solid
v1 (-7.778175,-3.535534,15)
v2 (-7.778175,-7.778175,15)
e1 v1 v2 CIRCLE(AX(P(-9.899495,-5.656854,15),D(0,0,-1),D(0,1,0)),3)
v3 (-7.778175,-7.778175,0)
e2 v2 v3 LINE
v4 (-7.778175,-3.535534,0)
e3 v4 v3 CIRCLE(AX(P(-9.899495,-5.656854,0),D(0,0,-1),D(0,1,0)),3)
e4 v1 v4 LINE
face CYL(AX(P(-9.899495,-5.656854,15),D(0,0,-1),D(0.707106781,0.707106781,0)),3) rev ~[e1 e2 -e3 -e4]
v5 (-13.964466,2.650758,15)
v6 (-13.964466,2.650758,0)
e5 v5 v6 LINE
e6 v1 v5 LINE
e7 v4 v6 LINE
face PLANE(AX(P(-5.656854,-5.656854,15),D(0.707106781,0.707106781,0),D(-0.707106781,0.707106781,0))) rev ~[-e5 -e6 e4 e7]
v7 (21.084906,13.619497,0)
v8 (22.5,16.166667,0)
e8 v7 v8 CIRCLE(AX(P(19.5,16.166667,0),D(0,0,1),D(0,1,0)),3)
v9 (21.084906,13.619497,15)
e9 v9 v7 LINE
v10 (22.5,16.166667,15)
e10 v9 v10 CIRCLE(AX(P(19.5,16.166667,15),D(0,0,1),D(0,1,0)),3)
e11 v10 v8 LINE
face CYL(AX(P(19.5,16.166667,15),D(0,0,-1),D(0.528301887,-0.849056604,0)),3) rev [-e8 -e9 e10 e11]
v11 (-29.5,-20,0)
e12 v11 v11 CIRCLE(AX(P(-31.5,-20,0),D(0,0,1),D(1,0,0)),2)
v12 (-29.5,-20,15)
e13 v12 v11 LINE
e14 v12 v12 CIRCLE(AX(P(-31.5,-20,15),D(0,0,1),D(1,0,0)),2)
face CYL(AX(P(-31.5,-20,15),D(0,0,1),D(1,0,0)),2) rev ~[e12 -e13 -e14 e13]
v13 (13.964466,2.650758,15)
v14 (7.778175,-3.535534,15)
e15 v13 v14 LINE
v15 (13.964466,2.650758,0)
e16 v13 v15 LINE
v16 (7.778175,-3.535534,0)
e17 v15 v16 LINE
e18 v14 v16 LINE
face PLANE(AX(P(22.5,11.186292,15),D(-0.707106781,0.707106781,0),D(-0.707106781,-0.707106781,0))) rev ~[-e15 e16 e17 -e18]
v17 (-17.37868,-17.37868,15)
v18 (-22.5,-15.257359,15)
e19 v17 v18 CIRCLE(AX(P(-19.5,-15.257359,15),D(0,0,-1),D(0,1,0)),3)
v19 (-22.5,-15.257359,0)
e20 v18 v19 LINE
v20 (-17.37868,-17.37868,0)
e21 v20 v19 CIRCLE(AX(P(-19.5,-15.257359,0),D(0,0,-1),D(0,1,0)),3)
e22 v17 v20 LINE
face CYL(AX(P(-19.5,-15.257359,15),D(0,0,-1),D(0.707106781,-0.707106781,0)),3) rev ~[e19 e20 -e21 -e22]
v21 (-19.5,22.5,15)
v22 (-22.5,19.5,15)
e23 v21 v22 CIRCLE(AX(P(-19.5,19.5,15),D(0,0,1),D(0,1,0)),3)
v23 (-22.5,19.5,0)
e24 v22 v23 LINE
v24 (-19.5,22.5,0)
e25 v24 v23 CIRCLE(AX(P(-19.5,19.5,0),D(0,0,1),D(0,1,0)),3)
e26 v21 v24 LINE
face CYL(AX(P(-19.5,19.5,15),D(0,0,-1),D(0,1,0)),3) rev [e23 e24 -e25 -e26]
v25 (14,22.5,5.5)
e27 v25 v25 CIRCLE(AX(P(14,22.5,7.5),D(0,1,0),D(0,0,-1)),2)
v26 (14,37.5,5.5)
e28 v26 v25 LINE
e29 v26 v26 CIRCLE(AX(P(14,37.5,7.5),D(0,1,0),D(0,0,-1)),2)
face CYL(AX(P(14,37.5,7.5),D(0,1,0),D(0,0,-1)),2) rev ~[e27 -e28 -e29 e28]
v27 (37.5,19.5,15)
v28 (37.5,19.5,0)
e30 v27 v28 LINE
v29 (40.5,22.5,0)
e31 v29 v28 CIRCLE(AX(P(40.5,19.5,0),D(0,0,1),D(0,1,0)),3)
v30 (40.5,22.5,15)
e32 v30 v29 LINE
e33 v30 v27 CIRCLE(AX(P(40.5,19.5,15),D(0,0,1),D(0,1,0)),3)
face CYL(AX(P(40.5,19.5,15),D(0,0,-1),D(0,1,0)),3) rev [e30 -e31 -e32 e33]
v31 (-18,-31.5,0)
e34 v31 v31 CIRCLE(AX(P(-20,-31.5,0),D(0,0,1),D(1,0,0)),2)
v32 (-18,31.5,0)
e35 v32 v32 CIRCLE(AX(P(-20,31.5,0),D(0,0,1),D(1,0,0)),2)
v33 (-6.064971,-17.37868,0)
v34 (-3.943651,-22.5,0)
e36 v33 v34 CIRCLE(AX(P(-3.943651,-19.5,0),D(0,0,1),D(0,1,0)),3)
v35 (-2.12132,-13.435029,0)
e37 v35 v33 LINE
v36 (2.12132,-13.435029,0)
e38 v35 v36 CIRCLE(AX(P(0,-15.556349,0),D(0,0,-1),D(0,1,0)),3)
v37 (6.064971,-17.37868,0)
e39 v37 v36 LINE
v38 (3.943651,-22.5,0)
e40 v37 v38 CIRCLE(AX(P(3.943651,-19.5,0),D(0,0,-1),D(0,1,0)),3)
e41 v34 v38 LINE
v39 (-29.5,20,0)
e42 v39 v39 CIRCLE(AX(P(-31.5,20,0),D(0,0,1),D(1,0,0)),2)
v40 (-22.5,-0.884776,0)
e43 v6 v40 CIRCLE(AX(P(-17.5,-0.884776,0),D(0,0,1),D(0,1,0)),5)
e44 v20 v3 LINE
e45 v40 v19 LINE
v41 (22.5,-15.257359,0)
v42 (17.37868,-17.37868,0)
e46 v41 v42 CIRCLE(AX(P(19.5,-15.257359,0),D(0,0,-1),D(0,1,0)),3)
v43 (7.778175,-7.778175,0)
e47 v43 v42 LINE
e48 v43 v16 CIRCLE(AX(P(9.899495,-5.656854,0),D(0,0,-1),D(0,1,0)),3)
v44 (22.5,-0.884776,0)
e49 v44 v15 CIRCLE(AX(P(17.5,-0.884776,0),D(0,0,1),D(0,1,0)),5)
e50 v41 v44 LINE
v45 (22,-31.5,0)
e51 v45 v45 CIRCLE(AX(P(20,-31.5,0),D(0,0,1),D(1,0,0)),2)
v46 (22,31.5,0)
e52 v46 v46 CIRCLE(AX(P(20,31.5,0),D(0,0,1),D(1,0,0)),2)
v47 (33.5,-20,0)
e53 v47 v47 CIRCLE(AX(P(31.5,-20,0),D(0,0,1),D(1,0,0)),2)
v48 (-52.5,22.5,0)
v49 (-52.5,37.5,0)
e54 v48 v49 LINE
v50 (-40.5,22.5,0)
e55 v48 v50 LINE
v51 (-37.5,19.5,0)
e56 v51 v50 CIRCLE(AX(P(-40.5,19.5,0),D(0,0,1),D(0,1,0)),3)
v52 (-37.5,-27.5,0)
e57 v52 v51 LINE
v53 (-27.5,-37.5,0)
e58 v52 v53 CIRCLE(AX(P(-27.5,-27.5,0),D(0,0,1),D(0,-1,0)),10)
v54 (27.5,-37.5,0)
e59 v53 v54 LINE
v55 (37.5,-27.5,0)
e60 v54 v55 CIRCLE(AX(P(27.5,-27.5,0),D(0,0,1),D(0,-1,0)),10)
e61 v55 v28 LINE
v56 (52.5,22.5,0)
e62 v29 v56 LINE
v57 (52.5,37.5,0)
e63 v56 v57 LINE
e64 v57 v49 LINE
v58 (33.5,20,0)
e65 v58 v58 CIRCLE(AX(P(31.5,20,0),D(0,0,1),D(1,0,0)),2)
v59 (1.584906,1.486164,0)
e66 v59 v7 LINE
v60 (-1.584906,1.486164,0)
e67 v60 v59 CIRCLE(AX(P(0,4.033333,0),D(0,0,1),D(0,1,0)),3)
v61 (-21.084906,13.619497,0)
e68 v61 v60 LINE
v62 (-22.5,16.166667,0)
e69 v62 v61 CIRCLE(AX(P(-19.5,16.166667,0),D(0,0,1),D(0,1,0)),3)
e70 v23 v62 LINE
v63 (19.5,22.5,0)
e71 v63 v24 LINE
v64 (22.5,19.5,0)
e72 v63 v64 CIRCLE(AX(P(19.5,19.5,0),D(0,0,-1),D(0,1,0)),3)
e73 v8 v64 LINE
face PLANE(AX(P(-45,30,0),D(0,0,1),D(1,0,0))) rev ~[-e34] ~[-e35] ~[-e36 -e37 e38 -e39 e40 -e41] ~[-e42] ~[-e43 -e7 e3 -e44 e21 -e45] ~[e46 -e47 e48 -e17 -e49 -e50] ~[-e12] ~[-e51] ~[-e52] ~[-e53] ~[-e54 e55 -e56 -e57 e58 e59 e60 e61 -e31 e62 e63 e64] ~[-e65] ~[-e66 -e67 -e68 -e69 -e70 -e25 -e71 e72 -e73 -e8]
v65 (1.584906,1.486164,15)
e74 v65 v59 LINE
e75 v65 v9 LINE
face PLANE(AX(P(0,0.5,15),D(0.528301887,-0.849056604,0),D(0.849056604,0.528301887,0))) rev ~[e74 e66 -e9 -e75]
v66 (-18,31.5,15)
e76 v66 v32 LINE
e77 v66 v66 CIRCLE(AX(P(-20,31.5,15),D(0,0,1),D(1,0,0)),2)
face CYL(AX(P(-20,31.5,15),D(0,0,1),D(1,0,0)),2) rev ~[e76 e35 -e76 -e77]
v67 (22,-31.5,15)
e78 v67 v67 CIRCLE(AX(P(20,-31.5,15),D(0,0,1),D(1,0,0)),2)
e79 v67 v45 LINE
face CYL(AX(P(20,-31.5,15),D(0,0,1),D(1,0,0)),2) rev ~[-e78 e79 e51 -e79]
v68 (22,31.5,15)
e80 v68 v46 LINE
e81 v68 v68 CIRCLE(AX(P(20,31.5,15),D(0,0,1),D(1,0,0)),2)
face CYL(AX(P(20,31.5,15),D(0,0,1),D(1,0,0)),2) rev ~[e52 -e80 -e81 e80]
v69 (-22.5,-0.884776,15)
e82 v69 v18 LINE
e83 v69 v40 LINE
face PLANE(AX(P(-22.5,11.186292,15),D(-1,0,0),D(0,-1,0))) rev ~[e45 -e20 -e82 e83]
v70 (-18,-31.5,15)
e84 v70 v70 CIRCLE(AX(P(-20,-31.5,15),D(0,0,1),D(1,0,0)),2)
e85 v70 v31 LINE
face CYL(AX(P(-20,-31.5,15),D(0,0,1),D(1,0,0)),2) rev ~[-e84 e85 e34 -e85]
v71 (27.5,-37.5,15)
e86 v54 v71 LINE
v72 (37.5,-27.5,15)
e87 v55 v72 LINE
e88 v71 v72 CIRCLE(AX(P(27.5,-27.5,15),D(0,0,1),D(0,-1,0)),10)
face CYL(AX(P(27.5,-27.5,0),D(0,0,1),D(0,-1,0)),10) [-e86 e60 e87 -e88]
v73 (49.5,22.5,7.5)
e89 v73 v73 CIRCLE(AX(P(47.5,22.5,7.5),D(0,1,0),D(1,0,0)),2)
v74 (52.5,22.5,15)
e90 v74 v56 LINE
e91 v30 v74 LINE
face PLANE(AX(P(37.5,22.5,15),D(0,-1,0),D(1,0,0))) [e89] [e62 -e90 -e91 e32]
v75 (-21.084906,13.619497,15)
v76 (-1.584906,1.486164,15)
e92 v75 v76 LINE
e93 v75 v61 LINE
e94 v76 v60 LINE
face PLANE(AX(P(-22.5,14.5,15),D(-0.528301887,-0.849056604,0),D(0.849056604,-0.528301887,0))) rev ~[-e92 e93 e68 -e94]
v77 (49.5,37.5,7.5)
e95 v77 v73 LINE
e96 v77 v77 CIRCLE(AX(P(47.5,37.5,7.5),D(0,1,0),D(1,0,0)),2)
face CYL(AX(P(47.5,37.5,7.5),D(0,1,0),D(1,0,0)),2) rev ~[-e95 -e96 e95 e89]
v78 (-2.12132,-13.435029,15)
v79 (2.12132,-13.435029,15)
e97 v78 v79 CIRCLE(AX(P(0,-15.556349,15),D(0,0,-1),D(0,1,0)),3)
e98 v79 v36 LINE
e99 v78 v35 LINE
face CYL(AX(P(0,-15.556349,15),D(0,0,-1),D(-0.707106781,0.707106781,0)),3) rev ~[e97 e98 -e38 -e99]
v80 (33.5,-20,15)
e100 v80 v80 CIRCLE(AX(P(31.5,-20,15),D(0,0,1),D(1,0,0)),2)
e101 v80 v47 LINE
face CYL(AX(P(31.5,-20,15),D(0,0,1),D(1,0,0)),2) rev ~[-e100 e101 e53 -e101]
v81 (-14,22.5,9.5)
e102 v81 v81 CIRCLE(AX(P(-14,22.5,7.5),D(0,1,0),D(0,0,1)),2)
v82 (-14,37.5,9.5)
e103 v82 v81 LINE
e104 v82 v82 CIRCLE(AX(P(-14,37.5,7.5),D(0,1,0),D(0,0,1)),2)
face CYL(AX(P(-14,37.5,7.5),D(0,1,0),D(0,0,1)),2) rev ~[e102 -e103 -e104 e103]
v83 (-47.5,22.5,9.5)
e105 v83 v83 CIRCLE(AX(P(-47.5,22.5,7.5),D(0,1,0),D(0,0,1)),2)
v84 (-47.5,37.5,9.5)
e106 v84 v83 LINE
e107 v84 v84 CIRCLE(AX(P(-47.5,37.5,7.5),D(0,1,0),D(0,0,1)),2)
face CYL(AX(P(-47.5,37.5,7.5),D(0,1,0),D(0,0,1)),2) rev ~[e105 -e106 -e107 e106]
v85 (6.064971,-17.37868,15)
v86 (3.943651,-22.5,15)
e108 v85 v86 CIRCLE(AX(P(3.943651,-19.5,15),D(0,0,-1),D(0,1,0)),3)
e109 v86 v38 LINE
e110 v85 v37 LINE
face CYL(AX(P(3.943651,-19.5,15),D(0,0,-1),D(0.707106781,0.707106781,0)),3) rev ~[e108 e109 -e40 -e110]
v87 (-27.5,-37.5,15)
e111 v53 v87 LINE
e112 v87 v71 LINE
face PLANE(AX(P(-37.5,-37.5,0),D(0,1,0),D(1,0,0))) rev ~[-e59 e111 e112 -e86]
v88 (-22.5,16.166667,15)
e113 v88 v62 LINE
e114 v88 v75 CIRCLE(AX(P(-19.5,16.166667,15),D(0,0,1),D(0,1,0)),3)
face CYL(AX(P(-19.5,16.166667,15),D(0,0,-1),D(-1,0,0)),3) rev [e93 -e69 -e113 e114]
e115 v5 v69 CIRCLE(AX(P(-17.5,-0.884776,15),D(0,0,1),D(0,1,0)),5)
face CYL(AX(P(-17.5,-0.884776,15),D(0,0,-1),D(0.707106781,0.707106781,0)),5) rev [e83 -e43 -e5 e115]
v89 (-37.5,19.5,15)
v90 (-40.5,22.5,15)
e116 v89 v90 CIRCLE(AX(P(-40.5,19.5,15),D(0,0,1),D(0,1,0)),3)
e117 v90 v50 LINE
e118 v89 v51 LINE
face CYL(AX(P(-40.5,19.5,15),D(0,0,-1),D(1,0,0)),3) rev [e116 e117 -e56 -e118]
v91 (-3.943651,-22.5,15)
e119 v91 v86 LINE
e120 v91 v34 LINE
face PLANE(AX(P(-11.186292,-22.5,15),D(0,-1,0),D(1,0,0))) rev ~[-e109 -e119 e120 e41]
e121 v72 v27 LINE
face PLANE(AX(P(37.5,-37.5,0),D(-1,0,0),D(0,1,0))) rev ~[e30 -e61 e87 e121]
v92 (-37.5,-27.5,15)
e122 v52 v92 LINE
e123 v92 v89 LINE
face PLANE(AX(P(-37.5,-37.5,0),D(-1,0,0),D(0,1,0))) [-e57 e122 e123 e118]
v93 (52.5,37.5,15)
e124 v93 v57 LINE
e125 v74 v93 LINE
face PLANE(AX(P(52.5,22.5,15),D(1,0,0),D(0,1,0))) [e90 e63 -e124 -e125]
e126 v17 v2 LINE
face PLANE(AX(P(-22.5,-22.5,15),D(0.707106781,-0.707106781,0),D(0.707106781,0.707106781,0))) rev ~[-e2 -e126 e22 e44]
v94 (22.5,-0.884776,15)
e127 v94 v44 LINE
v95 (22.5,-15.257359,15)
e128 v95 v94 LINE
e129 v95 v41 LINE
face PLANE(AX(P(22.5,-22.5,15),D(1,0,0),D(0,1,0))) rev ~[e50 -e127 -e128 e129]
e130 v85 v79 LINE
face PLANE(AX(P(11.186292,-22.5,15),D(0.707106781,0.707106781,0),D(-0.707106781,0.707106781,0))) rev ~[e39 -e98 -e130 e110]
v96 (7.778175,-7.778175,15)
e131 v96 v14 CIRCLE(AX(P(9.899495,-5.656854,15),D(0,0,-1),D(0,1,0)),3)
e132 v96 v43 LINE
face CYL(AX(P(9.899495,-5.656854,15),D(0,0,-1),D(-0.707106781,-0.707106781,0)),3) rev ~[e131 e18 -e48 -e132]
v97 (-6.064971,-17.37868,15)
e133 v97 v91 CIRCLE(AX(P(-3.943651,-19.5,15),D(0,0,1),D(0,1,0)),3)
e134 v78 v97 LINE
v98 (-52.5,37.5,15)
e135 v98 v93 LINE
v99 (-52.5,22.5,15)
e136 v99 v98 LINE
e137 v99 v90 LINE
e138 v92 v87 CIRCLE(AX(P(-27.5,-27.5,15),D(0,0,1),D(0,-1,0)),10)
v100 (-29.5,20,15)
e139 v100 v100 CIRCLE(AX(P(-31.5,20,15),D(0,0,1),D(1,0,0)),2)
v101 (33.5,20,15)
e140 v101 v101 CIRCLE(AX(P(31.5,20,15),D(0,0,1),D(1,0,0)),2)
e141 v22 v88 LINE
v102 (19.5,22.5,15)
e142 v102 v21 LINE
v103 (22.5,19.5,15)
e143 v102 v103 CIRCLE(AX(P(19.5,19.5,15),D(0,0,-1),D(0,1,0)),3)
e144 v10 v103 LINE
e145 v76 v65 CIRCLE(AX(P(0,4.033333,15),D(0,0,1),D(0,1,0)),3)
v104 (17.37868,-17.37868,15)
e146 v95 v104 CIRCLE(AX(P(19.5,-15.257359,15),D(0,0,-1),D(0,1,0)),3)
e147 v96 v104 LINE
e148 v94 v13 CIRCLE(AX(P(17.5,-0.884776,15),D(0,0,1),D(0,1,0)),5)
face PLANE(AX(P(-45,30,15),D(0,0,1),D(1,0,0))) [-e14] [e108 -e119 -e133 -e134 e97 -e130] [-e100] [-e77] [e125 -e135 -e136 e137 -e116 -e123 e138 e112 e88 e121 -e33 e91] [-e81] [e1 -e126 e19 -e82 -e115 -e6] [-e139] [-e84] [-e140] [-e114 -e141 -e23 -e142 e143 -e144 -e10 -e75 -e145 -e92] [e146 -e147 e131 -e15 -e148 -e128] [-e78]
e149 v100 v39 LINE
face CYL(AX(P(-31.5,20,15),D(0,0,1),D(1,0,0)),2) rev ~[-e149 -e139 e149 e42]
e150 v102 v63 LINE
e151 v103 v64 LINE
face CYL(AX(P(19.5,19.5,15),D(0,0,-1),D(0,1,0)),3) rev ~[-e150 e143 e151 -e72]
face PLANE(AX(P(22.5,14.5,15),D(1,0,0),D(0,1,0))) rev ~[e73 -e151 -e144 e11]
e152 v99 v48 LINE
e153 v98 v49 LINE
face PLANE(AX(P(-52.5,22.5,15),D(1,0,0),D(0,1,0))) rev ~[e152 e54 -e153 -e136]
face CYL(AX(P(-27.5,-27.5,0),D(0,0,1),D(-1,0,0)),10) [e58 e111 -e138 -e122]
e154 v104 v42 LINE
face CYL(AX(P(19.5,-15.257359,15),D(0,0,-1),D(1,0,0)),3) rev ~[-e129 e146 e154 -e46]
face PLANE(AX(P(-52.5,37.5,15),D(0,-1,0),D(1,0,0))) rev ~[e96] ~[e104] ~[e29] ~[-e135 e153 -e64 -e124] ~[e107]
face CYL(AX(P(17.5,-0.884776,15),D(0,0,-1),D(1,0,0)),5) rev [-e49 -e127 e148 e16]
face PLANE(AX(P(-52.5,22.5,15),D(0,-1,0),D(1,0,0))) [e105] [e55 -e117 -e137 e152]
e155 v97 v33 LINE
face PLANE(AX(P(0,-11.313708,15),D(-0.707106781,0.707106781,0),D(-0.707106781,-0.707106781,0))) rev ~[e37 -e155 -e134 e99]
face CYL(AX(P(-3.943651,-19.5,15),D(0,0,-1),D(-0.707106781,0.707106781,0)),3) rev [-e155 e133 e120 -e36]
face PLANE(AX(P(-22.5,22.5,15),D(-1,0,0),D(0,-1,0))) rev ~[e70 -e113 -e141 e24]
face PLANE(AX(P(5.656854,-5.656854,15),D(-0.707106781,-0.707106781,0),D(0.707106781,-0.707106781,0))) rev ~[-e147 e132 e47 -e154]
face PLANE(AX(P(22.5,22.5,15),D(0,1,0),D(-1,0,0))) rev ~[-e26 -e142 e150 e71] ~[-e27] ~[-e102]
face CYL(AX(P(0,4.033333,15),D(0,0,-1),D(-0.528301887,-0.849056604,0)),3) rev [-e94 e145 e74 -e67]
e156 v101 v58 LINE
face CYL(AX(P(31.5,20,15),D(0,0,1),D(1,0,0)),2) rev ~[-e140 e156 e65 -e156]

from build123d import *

# Parameters (mm, degrees)
SKETCH_1_W          = 75
SKETCH_1_H          = 75
EXTRUDE_1_DEPTH     = 15
SKETCH_2_R          = 2
CUT_EXTRUDE_1_DEPTH = 15
SKETCH_3_R          = 2
CUT_EXTRUDE_2_DEPTH = 56.113519213
FILLET_1_R          = 10
CUT_EXTRUDE_4_DEPTH = 15
CUT_EXTRUDE_5_DEPTH = 56.113519213
FILLET_3_R          = 5
FILLET_4_R          = 3
SKETCH_6_R          = 2
CUT_EXTRUDE_6_DEPTH = 15
SKETCH_8_W          = 15
SKETCH_8_H          = 15
EXTRUDE_2_DEPTH     = 15
FILLET_5_R          = 3
SKETCH_9_R          = 2
CUT_EXTRUDE_8_DEPTH = 93.769876576


with BuildPart() as part:
    # 草图1 → 凸台-拉伸1 (new body)
    with BuildSketch(Plane.XY):
        Rectangle(SKETCH_1_W, SKETCH_1_H)
    extrude(amount=EXTRUDE_1_DEPTH)

    # 草图2 → 切除-拉伸1 (cut)
    with BuildSketch(Plane.XY.offset(15)):
        with Locations((-20, 31.5)):
            Circle(SKETCH_2_R)
        with Locations((20, 31.5)):
            Circle(SKETCH_2_R)
        with Locations((20, -31.5)):
            Circle(SKETCH_2_R)
        with Locations((-20, -31.5)):
            Circle(SKETCH_2_R)
    extrude(amount=-CUT_EXTRUDE_1_DEPTH, mode=Mode.SUBTRACT)

    # 草图3 → 切除-拉伸2 (cut, through all)
    with BuildSketch(Plane.XY.offset(15)):
        with Locations((-31.5, 20)):
            Circle(SKETCH_3_R)
        with Locations((-31.5, -20)):
            Circle(SKETCH_3_R)
        with Locations((31.5, -20)):
            Circle(SKETCH_3_R)
        with Locations((31.5, 20)):
            Circle(SKETCH_3_R)
    extrude(amount=-CUT_EXTRUDE_2_DEPTH, mode=Mode.SUBTRACT)

    # 圆角1
    fillet_1_edges = [part.edges().sort_by_distance(p)[0] for p in [
        (37.5, -37.5, 7.5),
        (-37.5, -37.5, 7.5),
    ]]
    fillet(fillet_1_edges, radius=FILLET_1_R)

    # 草图4 → 切除-拉伸4 (cut)
    with BuildSketch(Plane.XY.offset(15)):
        Polygon((-5.656854249, -5.656854249), (-22.5, 11.186291501), (-22.5, -22.5), align=None)
        Polygon((0, -11.313708499), (-11.186291501, -22.5), (11.186291501, -22.5), align=None)
        Polygon((22.5, -22.5), (22.5, 11.186291501), (5.656854249, -5.656854249), align=None)
    extrude(amount=-CUT_EXTRUDE_4_DEPTH, mode=Mode.SUBTRACT)

    # 草图5 → 切除-拉伸5 (cut, through all)
    with BuildSketch(Plane.XY.offset(15)):
        Polygon((22.5, 22.5), (-22.5, 22.5), (-22.5, 14.5), (0, 0.5), (22.5, 14.5), align=None)
    extrude(amount=-CUT_EXTRUDE_5_DEPTH, mode=Mode.SUBTRACT)

    # 圆角3
    fillet_3_edges = [part.edges().sort_by_distance(p)[0] for p in [
        (22.5, 11.186291501, 7.5),
        (-22.5, 11.186291501, 7.5),
    ]]
    fillet(fillet_3_edges, radius=FILLET_3_R)

    # 圆角4
    fillet_4_edges = [part.edges().sort_by_distance(p)[0] for p in [
        (22.5, 14.5, 7.5),
        (0, 0.5, 7.5),
        (-22.5, 14.5, 7.5),
        (-22.5, 22.5, 7.5),
        (22.5, 22.5, 7.5),
        (-11.186291501, -22.5, 7.5),
        (0, -11.313708499, 7.5),
        (11.186291501, -22.5, 7.5),
        (5.656854249, -5.656854249, 7.5),
        (22.5, -22.5, 7.5),
        (-5.656854249, -5.656854249, 7.5),
        (-22.5, -22.5, 7.5),
    ]]
    fillet(fillet_4_edges, radius=FILLET_4_R)

    # 草图6 → 切除-拉伸6 (cut)
    with BuildSketch(Plane(origin=(0, 37.5, 0), x_dir=(1, 0, 0), z_dir=(0, 1, 0))):
        with Locations(Location((-14, -7.5, 0), (0, 0, 270))):
            Circle(SKETCH_6_R)
        with Locations(Location((14, -7.5, 0), (0, 0, 90))):
            Circle(SKETCH_6_R)
    extrude(amount=-CUT_EXTRUDE_6_DEPTH, mode=Mode.SUBTRACT)

    # 草图8 → 凸台-拉伸2 (add)
    with BuildSketch(Plane.XY.offset(15)):
        with Locations((-45, 30)):
            Rectangle(SKETCH_8_W, SKETCH_8_H)
        with Locations((45, 30)):
            Rectangle(SKETCH_8_W, SKETCH_8_H)
    extrude(amount=-EXTRUDE_2_DEPTH)

    # 圆角5
    fillet_5_edges = [part.edges().sort_by_distance(p)[0] for p in [
        (-37.5, 22.5, 7.5),
        (37.5, 22.5, 7.5),
    ]]
    fillet(fillet_5_edges, radius=FILLET_5_R)

    # 草图9 → 切除-拉伸8 (cut, through all)
    with BuildSketch(Plane(origin=(0, 37.5, 0), x_dir=(1, 0, 0), z_dir=(0, 1, 0))):
        with Locations(Location((-47.5, -7.5, 0), (0, 0, 270))):
            Circle(SKETCH_9_R)
        with Locations((47.5, -7.5)):
            Circle(SKETCH_9_R)
    extrude(amount=-CUT_EXTRUDE_8_DEPTH, mode=Mode.SUBTRACT)


solid = part.part
